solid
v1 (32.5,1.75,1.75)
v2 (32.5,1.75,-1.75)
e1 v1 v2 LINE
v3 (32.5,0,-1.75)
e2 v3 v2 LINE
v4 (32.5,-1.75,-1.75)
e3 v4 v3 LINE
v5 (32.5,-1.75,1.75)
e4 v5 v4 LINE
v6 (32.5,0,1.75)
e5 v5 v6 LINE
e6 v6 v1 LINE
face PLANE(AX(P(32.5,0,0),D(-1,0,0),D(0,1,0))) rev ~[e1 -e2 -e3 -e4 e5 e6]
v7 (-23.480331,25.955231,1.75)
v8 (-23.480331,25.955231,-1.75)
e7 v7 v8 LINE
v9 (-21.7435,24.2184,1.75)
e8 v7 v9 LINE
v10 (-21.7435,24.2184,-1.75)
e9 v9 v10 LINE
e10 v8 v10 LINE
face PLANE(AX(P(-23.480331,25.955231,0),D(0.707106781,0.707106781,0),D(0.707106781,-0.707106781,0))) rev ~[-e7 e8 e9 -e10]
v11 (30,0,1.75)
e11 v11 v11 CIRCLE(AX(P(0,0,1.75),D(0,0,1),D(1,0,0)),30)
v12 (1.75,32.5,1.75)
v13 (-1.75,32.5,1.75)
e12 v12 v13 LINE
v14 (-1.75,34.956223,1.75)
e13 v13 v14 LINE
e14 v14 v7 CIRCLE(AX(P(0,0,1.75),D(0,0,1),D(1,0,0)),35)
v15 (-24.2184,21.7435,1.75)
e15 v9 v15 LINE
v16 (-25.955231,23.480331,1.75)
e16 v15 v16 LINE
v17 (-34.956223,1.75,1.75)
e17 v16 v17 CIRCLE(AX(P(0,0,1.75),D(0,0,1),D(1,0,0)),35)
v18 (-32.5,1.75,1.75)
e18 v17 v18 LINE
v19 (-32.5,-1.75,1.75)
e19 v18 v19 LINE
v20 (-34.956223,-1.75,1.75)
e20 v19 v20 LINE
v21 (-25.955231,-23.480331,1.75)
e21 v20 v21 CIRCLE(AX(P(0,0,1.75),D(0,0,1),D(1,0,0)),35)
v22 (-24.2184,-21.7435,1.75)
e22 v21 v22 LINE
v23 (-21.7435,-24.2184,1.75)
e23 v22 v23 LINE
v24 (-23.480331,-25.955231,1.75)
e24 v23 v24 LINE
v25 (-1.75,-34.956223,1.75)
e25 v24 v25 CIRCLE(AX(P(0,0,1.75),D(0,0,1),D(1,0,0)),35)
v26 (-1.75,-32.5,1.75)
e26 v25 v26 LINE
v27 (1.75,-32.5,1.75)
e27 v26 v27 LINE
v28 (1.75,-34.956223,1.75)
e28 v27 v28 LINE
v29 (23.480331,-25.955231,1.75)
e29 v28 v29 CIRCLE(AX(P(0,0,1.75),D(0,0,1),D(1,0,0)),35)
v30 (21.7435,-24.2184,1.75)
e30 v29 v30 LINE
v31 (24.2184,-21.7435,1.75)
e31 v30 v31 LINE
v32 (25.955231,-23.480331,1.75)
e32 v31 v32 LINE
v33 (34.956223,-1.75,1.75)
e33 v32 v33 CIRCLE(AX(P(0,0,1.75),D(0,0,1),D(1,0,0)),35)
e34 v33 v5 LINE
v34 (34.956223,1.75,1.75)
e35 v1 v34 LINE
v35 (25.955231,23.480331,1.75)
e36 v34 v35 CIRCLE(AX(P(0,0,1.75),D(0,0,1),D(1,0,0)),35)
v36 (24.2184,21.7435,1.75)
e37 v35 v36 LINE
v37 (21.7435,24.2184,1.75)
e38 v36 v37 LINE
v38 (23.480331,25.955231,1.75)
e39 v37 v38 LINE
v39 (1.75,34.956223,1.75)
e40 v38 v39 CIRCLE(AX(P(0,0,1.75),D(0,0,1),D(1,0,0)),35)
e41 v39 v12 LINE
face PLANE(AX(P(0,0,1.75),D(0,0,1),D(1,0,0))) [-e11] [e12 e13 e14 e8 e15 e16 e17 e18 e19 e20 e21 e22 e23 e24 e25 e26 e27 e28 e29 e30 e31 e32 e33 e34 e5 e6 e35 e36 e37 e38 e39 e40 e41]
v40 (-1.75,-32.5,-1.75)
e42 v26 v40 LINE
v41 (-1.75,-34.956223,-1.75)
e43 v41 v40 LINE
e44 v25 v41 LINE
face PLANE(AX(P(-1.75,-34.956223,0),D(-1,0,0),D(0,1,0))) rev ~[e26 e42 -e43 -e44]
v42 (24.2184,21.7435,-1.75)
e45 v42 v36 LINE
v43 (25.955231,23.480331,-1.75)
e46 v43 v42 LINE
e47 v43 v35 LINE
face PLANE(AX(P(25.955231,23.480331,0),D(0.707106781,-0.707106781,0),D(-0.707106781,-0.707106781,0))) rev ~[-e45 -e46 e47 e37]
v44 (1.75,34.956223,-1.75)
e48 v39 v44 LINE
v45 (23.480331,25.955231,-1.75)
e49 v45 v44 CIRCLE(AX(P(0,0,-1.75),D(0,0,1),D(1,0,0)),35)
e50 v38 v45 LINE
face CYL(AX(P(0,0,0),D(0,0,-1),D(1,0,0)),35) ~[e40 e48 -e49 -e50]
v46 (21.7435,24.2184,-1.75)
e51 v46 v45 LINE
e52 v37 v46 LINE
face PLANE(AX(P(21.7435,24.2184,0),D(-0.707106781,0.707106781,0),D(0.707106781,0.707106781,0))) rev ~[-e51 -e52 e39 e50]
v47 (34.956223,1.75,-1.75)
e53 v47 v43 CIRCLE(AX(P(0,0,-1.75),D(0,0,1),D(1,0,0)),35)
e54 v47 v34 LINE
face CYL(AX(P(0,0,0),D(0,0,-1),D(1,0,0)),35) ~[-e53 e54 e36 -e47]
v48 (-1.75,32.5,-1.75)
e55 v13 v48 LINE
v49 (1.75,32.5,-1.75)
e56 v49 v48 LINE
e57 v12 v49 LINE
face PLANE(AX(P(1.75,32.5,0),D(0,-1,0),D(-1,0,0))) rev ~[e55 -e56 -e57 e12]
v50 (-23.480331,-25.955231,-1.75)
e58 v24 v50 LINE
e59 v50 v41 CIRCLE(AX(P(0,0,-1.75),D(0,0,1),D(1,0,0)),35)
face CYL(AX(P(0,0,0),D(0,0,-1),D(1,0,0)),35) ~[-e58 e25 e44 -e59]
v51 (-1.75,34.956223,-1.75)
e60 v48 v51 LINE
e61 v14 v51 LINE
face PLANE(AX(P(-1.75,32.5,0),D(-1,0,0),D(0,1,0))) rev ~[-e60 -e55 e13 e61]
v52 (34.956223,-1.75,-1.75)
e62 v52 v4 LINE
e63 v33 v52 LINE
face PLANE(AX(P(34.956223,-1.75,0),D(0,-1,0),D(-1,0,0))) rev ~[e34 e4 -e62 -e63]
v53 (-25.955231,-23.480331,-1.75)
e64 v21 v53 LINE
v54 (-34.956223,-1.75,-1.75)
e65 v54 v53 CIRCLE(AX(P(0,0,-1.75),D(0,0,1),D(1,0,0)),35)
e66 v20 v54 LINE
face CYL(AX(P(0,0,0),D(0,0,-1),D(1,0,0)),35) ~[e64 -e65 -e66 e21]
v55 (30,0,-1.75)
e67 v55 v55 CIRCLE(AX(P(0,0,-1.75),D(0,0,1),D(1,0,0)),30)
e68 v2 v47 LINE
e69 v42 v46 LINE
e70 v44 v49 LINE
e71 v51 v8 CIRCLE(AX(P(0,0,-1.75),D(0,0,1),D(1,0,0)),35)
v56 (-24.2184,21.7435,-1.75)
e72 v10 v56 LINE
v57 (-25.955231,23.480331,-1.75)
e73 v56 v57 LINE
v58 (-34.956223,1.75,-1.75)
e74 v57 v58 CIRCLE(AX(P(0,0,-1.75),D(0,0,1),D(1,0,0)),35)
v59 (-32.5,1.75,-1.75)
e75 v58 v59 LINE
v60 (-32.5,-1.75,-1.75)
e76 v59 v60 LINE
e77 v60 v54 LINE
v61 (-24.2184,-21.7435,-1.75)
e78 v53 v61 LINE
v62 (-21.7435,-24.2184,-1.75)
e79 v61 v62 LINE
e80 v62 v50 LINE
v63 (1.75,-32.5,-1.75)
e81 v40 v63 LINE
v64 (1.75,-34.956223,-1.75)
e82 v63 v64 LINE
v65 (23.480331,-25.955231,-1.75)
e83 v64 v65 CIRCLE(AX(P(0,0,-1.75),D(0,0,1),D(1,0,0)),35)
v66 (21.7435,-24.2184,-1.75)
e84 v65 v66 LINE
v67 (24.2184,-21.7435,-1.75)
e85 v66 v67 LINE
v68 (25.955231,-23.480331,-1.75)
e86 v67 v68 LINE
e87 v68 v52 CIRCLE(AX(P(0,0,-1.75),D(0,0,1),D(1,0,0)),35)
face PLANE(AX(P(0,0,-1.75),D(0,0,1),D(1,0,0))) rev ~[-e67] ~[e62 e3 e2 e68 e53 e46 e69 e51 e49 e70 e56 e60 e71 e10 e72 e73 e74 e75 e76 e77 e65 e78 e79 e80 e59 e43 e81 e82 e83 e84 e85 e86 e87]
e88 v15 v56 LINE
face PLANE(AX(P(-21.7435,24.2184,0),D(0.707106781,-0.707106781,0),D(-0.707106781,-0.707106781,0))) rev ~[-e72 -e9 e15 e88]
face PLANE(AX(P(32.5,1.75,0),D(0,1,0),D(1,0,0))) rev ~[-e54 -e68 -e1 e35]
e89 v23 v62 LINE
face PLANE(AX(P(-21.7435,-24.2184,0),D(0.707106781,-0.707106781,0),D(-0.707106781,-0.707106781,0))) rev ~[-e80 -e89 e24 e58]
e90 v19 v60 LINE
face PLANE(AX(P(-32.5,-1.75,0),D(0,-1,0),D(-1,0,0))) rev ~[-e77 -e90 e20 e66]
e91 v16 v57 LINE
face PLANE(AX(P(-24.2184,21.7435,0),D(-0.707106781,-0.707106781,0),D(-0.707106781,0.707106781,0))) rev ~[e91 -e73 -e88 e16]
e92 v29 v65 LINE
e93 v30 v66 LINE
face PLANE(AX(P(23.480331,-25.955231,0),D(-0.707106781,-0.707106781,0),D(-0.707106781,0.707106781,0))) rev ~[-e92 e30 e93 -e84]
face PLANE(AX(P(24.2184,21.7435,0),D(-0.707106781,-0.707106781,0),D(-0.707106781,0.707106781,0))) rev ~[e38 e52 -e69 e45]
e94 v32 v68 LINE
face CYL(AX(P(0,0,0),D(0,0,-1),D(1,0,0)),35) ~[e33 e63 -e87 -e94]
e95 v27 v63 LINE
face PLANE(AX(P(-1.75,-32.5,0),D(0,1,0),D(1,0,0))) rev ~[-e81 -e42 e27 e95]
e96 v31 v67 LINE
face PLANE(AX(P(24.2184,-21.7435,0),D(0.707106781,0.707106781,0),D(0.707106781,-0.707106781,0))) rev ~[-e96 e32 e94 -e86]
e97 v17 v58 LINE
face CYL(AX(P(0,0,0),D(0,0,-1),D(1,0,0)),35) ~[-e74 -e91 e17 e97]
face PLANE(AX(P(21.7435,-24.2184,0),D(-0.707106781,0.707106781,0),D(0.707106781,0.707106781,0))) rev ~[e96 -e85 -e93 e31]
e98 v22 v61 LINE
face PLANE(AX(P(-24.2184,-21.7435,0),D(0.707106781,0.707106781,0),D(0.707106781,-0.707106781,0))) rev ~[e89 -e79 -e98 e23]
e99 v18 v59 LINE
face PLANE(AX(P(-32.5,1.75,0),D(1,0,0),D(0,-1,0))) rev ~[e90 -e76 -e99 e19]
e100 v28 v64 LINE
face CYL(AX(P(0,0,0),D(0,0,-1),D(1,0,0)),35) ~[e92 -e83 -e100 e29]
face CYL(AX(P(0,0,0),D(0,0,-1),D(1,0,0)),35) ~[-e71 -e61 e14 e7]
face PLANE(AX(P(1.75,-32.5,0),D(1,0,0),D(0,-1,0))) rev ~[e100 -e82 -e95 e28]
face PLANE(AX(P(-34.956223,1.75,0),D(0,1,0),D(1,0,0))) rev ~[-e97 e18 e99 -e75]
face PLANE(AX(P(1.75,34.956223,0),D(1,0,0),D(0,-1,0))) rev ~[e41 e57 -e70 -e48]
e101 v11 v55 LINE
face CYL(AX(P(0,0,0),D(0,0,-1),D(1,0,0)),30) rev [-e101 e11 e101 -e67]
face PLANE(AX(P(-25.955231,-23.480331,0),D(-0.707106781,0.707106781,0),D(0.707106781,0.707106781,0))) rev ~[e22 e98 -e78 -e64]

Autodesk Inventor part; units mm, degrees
ref_plane "YZ Plane" through (0, 0, 0) normal (1, 0, 0) x (0, 1, 0)
ref_plane "XZ Plane" through (0, 0, 0) normal (0, 1, 0) x (-1, 0, 0)
ref_plane "XY Plane" through (0, 0, 0) normal (0, 0, 1) x (1, 0, 0)
sketch "Sketch1" plane through (0, 0, 0) normal (0, 0, 1) x (1, 0, 0)
  circle A0 centre (0, 0) radius 35
  circle A1 centre (0, 0) radius 30
  line L0 (32.5, 1.75) -> (35, 1.75)
  line L1 (35, 1.75) -> (35, -1.75)
  line L2 (35, -1.75) -> (32.5, -1.75)
  line L3 (32.5, -1.75) -> (32.5, 1.75)
  line L4 (30, 0) -> (35, 0)
  line L5 (24.2184, 21.7435) -> (21.7435, 24.2184)
  line L6 (21.7435, 24.2184) -> (23.5113, 25.9862)
  line L7 (25.9862, 23.5113) -> (24.2184, 21.7435)
  line L8 (23.5113, 25.9862) -> (25.9862, 23.5113)
  line L9 (1.75, 32.5) -> (-1.75, 32.5)
  line L10 (-1.75, 32.5) -> (-1.75, 35)
  line L11 (1.75, 35) -> (1.75, 32.5)
  line L12 (-1.75, 35) -> (1.75, 35)
  line L13 (-21.7435, 24.2184) -> (-24.2184, 21.7435)
  line L14 (-24.2184, 21.7435) -> (-25.9862, 23.5113)
  line L15 (-23.5113, 25.9862) -> (-21.7435, 24.2184)
  line L16 (-25.9862, 23.5113) -> (-23.5113, 25.9862)
  line L17 (-32.5, 1.75) -> (-32.5, -1.75)
  line L18 (-32.5, -1.75) -> (-35, -1.75)
  line L19 (-35, 1.75) -> (-32.5, 1.75)
  line L20 (-35, -1.75) -> (-35, 1.75)
  line L21 (-24.2184, -21.7435) -> (-21.7435, -24.2184)
  line L22 (-21.7435, -24.2184) -> (-23.5113, -25.9862)
  line L23 (-25.9862, -23.5113) -> (-24.2184, -21.7435)
  line L24 (-23.5113, -25.9862) -> (-25.9862, -23.5113)
  line L25 (-1.75, -32.5) -> (1.75, -32.5)
  line L26 (1.75, -32.5) -> (1.75, -35)
  line L27 (-1.75, -35) -> (-1.75, -32.5)
  line L28 (1.75, -35) -> (-1.75, -35)
  line L29 (21.7435, -24.2184) -> (24.2184, -21.7435)
  line L30 (24.2184, -21.7435) -> (25.9862, -23.5113)
  line L31 (23.5113, -25.9862) -> (21.7435, -24.2184)
  line L32 (25.9862, -23.5113) -> (23.5113, -25.9862)
  point P0 (32.5, 0)
  point P1 (32.5, 0)
  point P2 (22.981, 22.981)
  point P3 (0, 32.5)
  point P4 (-22.981, 22.981)
  point P5 (-32.5, 0)
  point P6 (-22.981, -22.981)
  point P7 (0, -32.5)
  point P8 (22.981, -22.981)
  point P9 (34.9562, 1.75)
  point P10 (25.9552, 23.4803)
  point P11 (23.4803, 25.9552)
  point P12 (1.75, 34.9562)
  point P13 (-1.75, 34.9562)
  point P14 (-23.4803, 25.9552)
  point P15 (-25.9552, 23.4803)
  point P16 (-34.9562, 1.75)
  point P17 (-34.9562, -1.75)
  point P18 (-25.9552, -23.4803)
  point P19 (-23.4803, -25.9552)
  point P20 (-1.75, -34.9562)
  point P21 (1.75, -34.9562)
  point P22 (23.4803, -25.9552)
  point P23 (25.9552, -23.4803)
  point P24 (34.9562, -1.75)
  dimension "d0" = 70
  dimension "d1" = 5
  dimension "d2" = 3.5
  dimension "d5" = 360
extrude "Extrusion1" add sketch "Sketch1" along normal mid plane 3.5 contours L0 L3 L2 A0 L30 L29 L31 L26 L25 L27 L22 L21 L23 L18 L17 L19 L14 L13 L15 L10 L9 L11 L6 L5 L7
properties part number "Ozji obroc"
